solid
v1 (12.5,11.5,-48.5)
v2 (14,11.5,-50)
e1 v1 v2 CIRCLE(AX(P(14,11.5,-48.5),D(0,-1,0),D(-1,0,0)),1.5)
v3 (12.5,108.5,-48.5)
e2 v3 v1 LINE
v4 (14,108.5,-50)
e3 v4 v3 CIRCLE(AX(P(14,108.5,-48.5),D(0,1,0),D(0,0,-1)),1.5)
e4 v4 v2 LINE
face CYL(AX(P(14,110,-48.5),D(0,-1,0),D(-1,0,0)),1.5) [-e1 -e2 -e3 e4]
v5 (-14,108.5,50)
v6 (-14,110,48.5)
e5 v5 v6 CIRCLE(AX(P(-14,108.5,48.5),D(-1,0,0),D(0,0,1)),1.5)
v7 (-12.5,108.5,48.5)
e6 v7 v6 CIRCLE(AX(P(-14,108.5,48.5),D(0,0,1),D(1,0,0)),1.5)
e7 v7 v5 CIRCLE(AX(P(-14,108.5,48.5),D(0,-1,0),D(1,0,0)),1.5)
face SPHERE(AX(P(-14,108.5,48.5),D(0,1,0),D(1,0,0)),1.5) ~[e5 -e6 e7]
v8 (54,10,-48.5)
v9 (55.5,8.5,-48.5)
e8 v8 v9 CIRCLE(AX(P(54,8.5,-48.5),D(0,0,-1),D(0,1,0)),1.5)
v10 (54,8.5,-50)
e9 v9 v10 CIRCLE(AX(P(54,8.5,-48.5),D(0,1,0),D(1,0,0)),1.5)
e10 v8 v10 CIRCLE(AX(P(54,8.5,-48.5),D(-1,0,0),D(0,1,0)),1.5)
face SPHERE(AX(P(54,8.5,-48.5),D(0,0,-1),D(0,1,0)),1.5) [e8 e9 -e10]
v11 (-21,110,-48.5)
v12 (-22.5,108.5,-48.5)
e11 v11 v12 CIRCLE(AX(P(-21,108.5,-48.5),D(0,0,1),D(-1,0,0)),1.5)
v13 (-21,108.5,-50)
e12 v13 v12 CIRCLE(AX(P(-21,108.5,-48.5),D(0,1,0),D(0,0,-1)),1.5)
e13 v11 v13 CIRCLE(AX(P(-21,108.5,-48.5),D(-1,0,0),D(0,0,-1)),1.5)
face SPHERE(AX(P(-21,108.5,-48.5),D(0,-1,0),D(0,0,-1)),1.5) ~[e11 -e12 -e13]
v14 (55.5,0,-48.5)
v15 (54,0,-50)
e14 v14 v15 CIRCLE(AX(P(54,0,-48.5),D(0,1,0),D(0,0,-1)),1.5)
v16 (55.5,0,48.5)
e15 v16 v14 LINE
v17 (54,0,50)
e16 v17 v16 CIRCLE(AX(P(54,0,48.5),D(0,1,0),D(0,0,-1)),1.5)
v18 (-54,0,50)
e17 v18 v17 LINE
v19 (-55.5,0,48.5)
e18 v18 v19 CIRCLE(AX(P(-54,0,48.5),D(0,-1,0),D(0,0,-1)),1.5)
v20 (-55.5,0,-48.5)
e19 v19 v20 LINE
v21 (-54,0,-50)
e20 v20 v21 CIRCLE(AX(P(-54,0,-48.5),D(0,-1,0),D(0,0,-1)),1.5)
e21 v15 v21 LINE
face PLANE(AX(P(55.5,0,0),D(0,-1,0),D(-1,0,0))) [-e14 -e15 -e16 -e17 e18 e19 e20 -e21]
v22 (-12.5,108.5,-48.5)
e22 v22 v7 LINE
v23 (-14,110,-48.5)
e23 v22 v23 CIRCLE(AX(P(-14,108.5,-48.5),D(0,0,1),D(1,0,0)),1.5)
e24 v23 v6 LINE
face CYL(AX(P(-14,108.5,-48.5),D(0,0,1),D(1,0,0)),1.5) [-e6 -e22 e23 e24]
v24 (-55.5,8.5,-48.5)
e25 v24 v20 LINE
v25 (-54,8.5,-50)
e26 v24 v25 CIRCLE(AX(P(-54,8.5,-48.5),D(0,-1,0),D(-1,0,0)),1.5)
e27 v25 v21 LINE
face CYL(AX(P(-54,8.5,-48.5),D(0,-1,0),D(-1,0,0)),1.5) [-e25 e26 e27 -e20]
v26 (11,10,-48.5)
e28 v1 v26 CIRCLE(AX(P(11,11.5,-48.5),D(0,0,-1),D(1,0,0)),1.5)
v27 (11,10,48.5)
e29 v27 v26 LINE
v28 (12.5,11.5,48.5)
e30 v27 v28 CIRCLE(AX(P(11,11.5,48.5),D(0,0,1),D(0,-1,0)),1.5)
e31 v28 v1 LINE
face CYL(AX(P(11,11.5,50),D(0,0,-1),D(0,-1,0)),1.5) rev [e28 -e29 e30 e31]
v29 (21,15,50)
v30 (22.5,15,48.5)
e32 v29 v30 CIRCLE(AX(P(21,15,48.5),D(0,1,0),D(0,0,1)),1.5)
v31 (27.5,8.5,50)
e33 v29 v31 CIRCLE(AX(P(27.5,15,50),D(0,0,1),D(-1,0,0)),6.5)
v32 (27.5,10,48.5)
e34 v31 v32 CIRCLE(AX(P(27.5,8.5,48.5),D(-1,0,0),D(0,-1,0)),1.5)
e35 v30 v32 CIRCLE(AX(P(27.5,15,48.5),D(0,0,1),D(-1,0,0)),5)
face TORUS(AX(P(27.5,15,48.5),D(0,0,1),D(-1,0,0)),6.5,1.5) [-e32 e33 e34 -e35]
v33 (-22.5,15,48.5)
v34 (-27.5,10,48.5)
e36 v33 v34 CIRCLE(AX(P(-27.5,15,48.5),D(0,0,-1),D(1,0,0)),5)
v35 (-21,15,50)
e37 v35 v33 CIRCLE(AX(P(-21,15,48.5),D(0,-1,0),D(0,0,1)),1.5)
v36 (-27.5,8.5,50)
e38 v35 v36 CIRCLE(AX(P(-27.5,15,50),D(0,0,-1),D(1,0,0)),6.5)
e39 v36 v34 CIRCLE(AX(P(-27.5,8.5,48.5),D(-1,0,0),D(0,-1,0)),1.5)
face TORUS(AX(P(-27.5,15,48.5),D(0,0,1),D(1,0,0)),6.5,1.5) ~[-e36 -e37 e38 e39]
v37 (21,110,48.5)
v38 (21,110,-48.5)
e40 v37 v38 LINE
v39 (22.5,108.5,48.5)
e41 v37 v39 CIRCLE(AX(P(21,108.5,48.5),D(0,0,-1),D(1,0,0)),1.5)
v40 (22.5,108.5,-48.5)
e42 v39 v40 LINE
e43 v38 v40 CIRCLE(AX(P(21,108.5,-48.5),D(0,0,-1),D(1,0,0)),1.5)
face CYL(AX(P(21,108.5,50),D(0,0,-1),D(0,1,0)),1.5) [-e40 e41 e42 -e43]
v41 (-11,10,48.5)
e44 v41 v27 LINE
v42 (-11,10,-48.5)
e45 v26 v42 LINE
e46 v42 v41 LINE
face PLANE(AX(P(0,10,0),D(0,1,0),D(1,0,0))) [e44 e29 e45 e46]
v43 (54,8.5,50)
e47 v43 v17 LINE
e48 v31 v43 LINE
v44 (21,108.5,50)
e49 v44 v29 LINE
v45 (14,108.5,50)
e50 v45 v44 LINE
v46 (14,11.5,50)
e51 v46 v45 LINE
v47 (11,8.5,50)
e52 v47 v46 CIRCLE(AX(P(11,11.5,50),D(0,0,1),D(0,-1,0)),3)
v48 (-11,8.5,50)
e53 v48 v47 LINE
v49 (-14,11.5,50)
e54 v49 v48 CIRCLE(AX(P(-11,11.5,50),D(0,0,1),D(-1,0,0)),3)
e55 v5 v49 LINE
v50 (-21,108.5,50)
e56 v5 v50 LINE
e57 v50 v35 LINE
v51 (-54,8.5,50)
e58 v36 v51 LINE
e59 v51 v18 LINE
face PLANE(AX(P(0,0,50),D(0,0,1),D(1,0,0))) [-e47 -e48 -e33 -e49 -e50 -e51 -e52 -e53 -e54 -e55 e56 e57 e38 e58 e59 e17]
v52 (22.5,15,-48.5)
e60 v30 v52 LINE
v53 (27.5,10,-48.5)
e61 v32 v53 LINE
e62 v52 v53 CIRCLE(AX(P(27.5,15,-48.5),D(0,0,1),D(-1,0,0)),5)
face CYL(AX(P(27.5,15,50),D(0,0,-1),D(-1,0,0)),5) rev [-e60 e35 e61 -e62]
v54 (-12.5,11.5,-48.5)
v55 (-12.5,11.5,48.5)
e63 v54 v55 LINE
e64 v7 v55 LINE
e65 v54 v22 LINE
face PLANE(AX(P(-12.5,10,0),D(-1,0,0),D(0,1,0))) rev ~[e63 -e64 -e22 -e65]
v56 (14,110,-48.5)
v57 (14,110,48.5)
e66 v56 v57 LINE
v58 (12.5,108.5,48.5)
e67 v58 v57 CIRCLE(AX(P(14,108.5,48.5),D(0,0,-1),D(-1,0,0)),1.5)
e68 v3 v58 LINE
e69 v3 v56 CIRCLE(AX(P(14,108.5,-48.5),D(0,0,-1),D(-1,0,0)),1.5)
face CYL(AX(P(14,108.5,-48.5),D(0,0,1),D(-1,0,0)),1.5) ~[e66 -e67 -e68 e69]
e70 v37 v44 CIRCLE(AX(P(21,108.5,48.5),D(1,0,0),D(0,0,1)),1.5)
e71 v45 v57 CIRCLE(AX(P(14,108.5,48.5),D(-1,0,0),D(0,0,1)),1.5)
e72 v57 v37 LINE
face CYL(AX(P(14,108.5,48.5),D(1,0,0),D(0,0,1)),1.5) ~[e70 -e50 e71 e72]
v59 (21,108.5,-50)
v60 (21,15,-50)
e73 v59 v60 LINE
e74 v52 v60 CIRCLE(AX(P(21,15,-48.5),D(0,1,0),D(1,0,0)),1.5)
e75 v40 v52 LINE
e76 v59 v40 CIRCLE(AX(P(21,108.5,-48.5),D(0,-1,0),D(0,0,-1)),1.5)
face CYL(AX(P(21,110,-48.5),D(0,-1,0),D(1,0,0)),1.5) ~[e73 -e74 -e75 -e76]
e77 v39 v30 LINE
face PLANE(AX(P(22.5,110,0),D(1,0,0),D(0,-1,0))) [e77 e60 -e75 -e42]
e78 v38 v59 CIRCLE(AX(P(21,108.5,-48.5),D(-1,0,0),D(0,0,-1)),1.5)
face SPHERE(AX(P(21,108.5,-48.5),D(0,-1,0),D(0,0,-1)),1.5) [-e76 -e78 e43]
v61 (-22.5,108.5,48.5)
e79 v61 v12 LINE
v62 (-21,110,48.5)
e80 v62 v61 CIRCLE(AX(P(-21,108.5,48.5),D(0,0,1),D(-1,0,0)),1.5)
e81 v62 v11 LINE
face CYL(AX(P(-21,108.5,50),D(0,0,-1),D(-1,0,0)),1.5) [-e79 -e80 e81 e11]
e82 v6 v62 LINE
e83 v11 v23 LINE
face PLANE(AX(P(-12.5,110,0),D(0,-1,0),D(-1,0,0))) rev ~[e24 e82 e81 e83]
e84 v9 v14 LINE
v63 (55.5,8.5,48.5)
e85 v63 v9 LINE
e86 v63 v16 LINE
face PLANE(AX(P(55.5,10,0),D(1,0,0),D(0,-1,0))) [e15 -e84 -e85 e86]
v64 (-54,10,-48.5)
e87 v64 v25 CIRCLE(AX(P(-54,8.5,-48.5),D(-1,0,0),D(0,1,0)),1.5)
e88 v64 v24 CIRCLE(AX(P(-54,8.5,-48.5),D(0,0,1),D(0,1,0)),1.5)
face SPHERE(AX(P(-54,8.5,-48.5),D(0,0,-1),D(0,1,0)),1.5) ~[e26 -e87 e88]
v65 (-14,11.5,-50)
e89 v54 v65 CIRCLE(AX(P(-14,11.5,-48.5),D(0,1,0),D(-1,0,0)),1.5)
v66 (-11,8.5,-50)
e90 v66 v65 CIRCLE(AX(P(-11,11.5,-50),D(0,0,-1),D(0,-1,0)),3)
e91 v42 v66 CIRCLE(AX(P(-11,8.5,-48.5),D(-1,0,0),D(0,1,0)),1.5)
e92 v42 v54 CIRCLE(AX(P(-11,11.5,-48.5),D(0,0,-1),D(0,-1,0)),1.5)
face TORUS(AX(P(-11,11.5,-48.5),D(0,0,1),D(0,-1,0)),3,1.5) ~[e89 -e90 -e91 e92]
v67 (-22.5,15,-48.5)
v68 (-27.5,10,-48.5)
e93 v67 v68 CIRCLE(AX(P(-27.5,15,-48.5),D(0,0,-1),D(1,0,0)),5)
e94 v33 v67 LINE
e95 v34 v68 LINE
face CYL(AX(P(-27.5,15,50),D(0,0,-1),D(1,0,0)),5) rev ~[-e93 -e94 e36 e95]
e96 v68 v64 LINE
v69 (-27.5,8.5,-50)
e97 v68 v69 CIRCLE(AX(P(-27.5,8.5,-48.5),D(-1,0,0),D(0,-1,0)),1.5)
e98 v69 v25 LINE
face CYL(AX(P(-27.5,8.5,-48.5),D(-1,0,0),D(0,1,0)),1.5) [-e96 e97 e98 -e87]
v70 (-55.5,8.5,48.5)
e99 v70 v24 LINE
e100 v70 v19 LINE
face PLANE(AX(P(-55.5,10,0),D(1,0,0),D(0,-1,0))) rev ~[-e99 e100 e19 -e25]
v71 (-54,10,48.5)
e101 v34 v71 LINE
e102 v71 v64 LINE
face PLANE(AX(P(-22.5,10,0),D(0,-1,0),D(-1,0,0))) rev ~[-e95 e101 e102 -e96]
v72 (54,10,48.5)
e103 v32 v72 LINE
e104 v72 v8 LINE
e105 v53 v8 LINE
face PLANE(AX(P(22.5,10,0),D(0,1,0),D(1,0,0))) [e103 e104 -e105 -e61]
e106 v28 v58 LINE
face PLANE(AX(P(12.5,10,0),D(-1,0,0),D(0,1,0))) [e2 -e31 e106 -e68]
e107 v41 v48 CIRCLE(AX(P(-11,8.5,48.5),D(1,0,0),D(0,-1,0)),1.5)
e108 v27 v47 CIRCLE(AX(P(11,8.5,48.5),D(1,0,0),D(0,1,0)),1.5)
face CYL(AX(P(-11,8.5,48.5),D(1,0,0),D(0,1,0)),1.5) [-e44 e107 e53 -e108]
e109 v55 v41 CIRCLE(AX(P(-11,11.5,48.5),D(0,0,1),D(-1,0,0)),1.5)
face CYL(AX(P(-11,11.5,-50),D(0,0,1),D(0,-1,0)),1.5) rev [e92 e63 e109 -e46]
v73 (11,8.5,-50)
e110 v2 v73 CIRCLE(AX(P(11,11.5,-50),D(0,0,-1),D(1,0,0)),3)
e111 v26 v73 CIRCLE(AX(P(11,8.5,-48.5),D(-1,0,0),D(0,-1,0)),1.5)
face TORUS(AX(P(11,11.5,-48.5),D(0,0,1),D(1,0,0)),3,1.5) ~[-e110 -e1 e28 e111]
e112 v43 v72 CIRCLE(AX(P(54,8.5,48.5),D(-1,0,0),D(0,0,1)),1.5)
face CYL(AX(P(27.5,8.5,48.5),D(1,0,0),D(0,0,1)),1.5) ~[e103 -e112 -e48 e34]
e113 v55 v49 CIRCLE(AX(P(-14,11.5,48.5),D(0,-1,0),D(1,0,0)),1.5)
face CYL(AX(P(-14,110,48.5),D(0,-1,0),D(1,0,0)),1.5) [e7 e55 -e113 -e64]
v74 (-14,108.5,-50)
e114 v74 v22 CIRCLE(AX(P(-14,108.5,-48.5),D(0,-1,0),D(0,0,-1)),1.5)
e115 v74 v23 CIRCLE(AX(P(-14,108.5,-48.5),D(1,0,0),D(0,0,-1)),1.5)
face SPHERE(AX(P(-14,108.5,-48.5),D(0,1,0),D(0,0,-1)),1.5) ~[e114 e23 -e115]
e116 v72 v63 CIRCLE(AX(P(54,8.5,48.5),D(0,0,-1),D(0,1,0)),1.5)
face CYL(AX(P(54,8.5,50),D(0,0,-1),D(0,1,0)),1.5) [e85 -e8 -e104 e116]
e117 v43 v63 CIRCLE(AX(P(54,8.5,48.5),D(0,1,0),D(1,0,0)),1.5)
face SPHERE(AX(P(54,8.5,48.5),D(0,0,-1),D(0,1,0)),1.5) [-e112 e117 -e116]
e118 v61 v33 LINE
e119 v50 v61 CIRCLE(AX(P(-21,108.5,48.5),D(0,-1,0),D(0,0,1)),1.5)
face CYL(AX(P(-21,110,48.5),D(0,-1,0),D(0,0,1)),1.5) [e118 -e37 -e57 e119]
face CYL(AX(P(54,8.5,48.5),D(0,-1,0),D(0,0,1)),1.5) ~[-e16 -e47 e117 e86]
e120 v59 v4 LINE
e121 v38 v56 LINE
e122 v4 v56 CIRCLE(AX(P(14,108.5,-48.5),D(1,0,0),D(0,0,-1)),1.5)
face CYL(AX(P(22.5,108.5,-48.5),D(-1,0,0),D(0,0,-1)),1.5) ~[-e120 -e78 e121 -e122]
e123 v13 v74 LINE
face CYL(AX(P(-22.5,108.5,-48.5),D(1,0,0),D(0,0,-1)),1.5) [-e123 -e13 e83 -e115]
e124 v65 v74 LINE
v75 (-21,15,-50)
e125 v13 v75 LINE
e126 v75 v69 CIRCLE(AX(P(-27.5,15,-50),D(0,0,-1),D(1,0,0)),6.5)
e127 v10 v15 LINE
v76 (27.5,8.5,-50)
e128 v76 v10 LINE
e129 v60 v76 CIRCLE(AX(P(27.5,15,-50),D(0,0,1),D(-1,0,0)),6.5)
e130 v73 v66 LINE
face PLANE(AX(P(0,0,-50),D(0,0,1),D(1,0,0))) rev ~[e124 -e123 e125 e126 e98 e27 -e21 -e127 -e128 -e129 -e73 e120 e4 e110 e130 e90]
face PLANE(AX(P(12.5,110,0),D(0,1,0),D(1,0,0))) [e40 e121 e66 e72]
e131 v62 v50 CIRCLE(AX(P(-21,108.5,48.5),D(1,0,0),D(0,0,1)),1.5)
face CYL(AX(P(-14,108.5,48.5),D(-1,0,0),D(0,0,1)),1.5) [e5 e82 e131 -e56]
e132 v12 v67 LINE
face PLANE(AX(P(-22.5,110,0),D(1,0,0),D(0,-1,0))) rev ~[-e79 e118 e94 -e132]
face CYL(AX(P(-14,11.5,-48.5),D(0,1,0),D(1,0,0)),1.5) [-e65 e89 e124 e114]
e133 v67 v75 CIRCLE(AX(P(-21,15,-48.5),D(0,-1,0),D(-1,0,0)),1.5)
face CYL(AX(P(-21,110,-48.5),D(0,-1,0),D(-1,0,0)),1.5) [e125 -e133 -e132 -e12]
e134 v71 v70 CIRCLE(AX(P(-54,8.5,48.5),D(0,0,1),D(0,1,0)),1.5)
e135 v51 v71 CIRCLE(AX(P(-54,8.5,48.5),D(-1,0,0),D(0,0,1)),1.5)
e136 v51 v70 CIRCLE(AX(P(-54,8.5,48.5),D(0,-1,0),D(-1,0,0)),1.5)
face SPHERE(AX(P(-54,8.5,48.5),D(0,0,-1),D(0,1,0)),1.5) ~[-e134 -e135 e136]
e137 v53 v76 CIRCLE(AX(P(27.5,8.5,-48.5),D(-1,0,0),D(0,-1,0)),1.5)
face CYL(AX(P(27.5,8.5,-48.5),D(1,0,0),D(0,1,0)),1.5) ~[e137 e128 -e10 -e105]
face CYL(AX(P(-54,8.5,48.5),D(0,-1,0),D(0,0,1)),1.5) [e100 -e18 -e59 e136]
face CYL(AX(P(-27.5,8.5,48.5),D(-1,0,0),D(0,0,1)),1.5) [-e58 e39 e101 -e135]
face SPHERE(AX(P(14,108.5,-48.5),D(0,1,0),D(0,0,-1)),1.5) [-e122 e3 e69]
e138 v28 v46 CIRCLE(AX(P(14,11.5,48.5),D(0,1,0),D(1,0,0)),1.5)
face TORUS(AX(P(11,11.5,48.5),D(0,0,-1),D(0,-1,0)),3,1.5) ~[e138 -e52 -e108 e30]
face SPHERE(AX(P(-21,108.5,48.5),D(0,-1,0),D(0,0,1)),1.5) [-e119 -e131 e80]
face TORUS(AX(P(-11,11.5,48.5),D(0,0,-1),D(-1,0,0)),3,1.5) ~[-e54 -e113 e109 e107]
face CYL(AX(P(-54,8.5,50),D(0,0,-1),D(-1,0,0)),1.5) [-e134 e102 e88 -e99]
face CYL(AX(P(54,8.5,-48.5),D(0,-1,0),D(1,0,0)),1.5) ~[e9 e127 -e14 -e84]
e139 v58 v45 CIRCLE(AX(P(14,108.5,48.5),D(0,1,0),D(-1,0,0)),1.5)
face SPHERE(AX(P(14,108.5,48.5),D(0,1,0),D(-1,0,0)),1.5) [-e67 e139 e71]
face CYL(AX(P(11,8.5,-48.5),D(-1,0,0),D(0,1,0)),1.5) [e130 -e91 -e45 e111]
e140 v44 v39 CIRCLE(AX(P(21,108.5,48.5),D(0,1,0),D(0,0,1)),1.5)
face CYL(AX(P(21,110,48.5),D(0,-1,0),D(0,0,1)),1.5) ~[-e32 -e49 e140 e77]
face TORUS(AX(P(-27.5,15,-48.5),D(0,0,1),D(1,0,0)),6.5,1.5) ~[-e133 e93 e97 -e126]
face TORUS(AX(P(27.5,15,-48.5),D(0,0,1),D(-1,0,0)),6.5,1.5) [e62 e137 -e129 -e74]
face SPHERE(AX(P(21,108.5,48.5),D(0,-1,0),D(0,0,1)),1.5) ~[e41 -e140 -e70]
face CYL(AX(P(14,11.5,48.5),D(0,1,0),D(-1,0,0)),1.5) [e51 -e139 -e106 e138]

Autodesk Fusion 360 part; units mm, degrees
sketch "Esquisse1" plane through (0, 0, 0) normal (0, 0, 1) x (1, 0, 0)
  line L0 (0, 10) -> (-12.5, 10)
  line L1 (-12.5, 10) -> (-12.5, 110)
  line L2 (-12.5, 110) -> (-22.5, 110)
  line L3 (-22.5, 110) -> (-22.5, 10)
  line L4 (-22.5, 10) -> (-55.5, 10)
  line L5 (-55.5, 10) -> (-55.5, 0)
  line L6 (-55.5, 0) -> (0, 0)
  line L7 (0, 1.75) -> (0, 22.5)
  line L8 (1.75, 0) -> (22.5, 0)
  line L9 (0, 10) -> (12.5, 10)
  line L10 (12.5, 10) -> (12.5, 110)
  line L11 (12.5, 110) -> (22.5, 110)
  line L12 (22.5, 110) -> (22.5, 10)
  line L13 (22.5, 10) -> (55.5, 10)
  line L14 (55.5, 10) -> (55.5, 0)
  line L15 (55.5, 0) -> (0, 0)
  dimension "d13" = 12.5
  dimension "d15" = 10
  dimension "d16" = 10
  dimension "d17" = 100
  dimension "d19" = 10
  dimension "d20" = 55.5
extrude "Extrusion1" add sketch "Esquisse1" along normal mid plane 100
fillet "Congé5" radius 1.5 1 edges at (55.5, 10, 0)
fillet "Congé5" radius 1.5 1 edges at (-55.5, 10, 0)
fillet "Congé5" radius 1.5 1 edges at (12.5, 10, 0)
fillet "Congé5" radius 1.5 1 edges at (-12.5, 10, 0)
fillet "Congé5" radius 1.5 1 edges at (0, 10, -50)
fillet "Congé5" radius 1.5 1 edges at (0, 10, 50)
fillet "Congé6" radius 5 1 edges at (22.5, 10, 0)
fillet "Congé6" radius 5 1 edges at (-22.5, 10, 0)
fillet "Congé7" radius 1.5 5 edges at (-22.5, 62.5, 50) (-23.9645, 11.4645, 50) (-40.75, 10, 50) (-55.0607, 9.5607, 50) (-55.5, 4.25, 50)
fillet "Congé7" radius 1.5 5 edges at (22.5, 62.5, 50) (23.9645, 11.4645, 50) (40.75, 10, 50) (55.0607, 9.5607, 50) (55.5, 4.25, 50)
fillet "Congé7" radius 1.5 5 edges at (-55.5, 4.25, -50) (-55.0607, 9.5607, -50) (-40.75, 10, -50) (-23.9645, 11.4645, -50) (-22.5, 62.5, -50)
fillet "Congé7" radius 1.5 5 edges at (22.5, 62.5, -50) (23.9645, 11.4645, -50) (40.75, 10, -50) (55.0607, 9.5607, -50) (55.5, 4.25, -50)
fillet "Congé7" radius 1.5 1 edges at (17.5, 110, 50)
fillet "Congé7" radius 1.5 1 edges at (-17.5, 110, 50)
fillet "Congé7" radius 1.5 1 edges at (-17.5, 110, -50)
fillet "Congé7" radius 1.5 1 edges at (17.5, 110, -50)
fillet "Congé7" radius 1.5 4 edges at (22.5, 110, 0) (12.5, 110, 0) (-12.5, 110, 0) (-22.5, 110, 0)
